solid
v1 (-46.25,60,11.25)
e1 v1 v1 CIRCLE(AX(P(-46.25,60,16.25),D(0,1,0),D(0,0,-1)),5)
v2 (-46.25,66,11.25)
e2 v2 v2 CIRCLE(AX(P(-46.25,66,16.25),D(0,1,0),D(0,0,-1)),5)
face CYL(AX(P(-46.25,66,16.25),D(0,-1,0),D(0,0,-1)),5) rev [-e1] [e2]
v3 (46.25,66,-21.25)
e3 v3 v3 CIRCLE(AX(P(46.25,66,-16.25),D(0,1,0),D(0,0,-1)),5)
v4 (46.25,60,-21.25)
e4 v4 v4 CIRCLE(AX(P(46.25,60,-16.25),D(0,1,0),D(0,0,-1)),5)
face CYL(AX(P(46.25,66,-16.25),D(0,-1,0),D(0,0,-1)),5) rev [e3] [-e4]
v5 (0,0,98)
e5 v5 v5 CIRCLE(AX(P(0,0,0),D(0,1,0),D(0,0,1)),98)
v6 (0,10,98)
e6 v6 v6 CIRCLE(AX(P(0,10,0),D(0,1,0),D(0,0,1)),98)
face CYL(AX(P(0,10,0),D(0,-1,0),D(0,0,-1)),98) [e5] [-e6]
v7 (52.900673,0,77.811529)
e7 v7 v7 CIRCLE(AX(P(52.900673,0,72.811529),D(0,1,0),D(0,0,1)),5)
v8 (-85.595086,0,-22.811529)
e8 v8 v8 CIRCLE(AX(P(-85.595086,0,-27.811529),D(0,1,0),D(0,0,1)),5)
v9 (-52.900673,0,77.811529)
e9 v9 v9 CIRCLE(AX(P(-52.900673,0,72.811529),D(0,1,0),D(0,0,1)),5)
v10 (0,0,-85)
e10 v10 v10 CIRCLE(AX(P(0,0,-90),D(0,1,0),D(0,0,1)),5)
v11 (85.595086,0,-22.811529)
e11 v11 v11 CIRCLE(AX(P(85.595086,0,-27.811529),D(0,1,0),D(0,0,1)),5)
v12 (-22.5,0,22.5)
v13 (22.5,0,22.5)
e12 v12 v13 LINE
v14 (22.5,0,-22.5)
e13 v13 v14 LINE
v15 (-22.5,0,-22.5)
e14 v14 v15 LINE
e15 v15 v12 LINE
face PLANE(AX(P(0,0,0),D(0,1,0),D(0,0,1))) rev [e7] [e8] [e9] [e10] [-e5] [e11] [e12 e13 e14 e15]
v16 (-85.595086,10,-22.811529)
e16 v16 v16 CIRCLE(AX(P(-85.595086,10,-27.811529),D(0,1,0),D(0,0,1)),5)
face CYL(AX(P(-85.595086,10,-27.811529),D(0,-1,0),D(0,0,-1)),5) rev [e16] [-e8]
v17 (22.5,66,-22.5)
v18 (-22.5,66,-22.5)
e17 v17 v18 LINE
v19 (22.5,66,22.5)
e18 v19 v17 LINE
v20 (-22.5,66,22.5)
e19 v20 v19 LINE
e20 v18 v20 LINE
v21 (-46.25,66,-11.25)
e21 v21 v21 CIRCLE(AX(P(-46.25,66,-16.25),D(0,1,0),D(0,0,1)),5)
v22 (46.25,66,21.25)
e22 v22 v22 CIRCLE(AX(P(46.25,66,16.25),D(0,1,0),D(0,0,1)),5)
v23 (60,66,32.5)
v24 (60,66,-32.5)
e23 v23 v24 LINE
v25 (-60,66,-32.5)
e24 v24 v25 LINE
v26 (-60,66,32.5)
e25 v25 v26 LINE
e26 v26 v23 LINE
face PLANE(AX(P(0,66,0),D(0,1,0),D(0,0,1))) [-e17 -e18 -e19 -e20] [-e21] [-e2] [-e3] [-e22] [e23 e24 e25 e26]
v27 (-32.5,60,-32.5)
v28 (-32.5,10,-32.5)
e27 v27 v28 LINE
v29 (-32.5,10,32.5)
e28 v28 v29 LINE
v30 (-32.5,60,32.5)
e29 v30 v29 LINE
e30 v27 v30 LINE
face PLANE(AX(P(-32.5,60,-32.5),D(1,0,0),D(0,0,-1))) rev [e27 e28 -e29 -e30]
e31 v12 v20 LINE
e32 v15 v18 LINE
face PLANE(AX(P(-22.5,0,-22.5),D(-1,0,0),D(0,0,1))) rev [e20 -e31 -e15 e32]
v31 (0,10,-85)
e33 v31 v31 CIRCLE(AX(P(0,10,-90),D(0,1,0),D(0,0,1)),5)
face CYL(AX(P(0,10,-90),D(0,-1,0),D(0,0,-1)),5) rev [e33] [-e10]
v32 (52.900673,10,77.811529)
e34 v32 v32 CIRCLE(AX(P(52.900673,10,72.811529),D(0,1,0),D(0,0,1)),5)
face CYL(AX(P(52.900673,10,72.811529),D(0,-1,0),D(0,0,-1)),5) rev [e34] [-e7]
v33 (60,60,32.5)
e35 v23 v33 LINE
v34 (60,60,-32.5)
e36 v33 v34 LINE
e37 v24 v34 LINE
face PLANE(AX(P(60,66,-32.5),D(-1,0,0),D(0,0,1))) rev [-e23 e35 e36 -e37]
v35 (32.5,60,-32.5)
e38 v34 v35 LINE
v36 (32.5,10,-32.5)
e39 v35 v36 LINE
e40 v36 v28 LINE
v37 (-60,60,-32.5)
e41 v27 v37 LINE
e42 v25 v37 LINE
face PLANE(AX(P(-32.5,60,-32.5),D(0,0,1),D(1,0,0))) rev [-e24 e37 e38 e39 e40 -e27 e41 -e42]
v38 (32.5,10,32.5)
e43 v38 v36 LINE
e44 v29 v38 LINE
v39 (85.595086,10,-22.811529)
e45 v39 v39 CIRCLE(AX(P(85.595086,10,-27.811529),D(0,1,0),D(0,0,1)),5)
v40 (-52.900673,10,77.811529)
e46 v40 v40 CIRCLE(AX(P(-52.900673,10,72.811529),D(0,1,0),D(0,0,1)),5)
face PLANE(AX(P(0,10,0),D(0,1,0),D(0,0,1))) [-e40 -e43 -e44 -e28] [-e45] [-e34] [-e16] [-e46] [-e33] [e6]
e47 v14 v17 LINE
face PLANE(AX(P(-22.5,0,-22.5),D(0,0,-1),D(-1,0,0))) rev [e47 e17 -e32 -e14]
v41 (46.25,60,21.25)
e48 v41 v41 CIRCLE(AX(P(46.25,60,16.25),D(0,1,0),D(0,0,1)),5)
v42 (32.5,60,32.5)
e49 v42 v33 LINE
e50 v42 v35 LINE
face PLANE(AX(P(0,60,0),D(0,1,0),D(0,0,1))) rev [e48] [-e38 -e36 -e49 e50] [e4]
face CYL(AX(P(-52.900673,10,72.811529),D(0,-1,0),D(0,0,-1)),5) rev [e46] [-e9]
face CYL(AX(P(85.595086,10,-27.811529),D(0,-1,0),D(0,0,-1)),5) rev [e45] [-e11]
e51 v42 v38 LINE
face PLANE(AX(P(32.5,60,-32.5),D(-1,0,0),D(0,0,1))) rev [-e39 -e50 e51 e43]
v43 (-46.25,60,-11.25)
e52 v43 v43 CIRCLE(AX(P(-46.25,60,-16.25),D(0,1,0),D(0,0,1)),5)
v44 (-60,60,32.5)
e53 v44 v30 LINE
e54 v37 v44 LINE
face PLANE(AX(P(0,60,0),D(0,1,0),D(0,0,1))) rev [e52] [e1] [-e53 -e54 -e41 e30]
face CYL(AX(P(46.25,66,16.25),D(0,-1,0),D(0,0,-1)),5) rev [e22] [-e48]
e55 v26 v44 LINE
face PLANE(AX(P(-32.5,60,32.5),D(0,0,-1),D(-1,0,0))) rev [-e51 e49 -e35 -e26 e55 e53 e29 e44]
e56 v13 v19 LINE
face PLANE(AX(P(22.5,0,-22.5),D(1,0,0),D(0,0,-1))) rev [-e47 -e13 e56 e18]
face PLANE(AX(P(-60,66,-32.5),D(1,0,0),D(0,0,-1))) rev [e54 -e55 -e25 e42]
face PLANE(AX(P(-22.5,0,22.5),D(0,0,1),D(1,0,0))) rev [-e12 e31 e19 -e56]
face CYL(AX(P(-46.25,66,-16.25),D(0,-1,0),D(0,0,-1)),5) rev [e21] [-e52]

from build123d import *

# Parameters (mm, degrees)
SKETCH1_R           = 98
SKETCH1_R_2         = 5
BOSS_EXTRUDE1_DEPTH = 10
SKETCH2_W           = 65
SKETCH2_H           = 65
BOSS_EXTRUDE2_DEPTH = 50
SKETCH3_W           = 120
SKETCH3_H           = 65
SKETCH3_R           = 5
BOSS_EXTRUDE3_DEPTH = 6
SKETCH4_W           = 45
SKETCH4_H           = 45
CUT_EXTRUDE1_DEPTH  = 154.50570022


with BuildPart() as part:
    # Sketch1 → Boss-Extrude1 (new body)
    with BuildSketch(Plane(origin=(0, 0, 0), x_dir=(1, 0, 0), z_dir=(0, 1, 0))):
        with Locations(Location((0, 0, 0), (0, 0, 270))):
            Circle(SKETCH1_R)
        with Locations(Location((0, 90, 0), (0, 0, 270))):
            Circle(SKETCH1_R_2, mode=Mode.SUBTRACT)
        with Locations(Location((85.595086467, 27.811529494, 0), (0, 0, 270))):
            Circle(SKETCH1_R_2, mode=Mode.SUBTRACT)
        with Locations(Location((52.900672706, -72.811529494, 0), (0, 0, 270))):
            Circle(SKETCH1_R_2, mode=Mode.SUBTRACT)
        with Locations(Location((-52.900672706, -72.811529494, 0), (0, 0, 270))):
            Circle(SKETCH1_R_2, mode=Mode.SUBTRACT)
        with Locations(Location((-85.595086467, 27.811529494, 0), (0, 0, 270))):
            Circle(SKETCH1_R_2, mode=Mode.SUBTRACT)
    extrude(amount=BOSS_EXTRUDE1_DEPTH)

    # Sketch2 → Boss-Extrude2 (add)
    with BuildSketch(Plane(origin=(0, 10, 0), x_dir=(1, 0, 0), z_dir=(0, 1, 0))):
        Rectangle(SKETCH2_W, SKETCH2_H)
    extrude(amount=BOSS_EXTRUDE2_DEPTH)

    # Sketch3 → Boss-Extrude3 (add)
    with BuildSketch(Plane(origin=(0, 60, 0), x_dir=(1, 0, 0), z_dir=(0, 1, 0))):
        Rectangle(SKETCH3_W, SKETCH3_H)
        with Locations(Location((-46.25, 16.25, 0), (0, 0, 270))):
            Circle(SKETCH3_R, mode=Mode.SUBTRACT)
        with Locations(Location((46.25, 16.25, 0), (0, 0, 90))):
            Circle(SKETCH3_R, mode=Mode.SUBTRACT)
        with Locations(Location((46.25, -16.25, 0), (0, 0, 270))):
            Circle(SKETCH3_R, mode=Mode.SUBTRACT)
        with Locations(Location((-46.25, -16.25, 0), (0, 0, 90))):
            Circle(SKETCH3_R, mode=Mode.SUBTRACT)
    extrude(amount=BOSS_EXTRUDE3_DEPTH)

    # Sketch4 → Cut-Extrude1 (cut, through all)
    with BuildSketch(Plane(origin=(0, 66, 0), x_dir=(1, 0, 0), z_dir=(0, 1, 0))):
        Rectangle(SKETCH4_W, SKETCH4_H)
    extrude(amount=-CUT_EXTRUDE1_DEPTH, mode=Mode.SUBTRACT)


solid = part.part
